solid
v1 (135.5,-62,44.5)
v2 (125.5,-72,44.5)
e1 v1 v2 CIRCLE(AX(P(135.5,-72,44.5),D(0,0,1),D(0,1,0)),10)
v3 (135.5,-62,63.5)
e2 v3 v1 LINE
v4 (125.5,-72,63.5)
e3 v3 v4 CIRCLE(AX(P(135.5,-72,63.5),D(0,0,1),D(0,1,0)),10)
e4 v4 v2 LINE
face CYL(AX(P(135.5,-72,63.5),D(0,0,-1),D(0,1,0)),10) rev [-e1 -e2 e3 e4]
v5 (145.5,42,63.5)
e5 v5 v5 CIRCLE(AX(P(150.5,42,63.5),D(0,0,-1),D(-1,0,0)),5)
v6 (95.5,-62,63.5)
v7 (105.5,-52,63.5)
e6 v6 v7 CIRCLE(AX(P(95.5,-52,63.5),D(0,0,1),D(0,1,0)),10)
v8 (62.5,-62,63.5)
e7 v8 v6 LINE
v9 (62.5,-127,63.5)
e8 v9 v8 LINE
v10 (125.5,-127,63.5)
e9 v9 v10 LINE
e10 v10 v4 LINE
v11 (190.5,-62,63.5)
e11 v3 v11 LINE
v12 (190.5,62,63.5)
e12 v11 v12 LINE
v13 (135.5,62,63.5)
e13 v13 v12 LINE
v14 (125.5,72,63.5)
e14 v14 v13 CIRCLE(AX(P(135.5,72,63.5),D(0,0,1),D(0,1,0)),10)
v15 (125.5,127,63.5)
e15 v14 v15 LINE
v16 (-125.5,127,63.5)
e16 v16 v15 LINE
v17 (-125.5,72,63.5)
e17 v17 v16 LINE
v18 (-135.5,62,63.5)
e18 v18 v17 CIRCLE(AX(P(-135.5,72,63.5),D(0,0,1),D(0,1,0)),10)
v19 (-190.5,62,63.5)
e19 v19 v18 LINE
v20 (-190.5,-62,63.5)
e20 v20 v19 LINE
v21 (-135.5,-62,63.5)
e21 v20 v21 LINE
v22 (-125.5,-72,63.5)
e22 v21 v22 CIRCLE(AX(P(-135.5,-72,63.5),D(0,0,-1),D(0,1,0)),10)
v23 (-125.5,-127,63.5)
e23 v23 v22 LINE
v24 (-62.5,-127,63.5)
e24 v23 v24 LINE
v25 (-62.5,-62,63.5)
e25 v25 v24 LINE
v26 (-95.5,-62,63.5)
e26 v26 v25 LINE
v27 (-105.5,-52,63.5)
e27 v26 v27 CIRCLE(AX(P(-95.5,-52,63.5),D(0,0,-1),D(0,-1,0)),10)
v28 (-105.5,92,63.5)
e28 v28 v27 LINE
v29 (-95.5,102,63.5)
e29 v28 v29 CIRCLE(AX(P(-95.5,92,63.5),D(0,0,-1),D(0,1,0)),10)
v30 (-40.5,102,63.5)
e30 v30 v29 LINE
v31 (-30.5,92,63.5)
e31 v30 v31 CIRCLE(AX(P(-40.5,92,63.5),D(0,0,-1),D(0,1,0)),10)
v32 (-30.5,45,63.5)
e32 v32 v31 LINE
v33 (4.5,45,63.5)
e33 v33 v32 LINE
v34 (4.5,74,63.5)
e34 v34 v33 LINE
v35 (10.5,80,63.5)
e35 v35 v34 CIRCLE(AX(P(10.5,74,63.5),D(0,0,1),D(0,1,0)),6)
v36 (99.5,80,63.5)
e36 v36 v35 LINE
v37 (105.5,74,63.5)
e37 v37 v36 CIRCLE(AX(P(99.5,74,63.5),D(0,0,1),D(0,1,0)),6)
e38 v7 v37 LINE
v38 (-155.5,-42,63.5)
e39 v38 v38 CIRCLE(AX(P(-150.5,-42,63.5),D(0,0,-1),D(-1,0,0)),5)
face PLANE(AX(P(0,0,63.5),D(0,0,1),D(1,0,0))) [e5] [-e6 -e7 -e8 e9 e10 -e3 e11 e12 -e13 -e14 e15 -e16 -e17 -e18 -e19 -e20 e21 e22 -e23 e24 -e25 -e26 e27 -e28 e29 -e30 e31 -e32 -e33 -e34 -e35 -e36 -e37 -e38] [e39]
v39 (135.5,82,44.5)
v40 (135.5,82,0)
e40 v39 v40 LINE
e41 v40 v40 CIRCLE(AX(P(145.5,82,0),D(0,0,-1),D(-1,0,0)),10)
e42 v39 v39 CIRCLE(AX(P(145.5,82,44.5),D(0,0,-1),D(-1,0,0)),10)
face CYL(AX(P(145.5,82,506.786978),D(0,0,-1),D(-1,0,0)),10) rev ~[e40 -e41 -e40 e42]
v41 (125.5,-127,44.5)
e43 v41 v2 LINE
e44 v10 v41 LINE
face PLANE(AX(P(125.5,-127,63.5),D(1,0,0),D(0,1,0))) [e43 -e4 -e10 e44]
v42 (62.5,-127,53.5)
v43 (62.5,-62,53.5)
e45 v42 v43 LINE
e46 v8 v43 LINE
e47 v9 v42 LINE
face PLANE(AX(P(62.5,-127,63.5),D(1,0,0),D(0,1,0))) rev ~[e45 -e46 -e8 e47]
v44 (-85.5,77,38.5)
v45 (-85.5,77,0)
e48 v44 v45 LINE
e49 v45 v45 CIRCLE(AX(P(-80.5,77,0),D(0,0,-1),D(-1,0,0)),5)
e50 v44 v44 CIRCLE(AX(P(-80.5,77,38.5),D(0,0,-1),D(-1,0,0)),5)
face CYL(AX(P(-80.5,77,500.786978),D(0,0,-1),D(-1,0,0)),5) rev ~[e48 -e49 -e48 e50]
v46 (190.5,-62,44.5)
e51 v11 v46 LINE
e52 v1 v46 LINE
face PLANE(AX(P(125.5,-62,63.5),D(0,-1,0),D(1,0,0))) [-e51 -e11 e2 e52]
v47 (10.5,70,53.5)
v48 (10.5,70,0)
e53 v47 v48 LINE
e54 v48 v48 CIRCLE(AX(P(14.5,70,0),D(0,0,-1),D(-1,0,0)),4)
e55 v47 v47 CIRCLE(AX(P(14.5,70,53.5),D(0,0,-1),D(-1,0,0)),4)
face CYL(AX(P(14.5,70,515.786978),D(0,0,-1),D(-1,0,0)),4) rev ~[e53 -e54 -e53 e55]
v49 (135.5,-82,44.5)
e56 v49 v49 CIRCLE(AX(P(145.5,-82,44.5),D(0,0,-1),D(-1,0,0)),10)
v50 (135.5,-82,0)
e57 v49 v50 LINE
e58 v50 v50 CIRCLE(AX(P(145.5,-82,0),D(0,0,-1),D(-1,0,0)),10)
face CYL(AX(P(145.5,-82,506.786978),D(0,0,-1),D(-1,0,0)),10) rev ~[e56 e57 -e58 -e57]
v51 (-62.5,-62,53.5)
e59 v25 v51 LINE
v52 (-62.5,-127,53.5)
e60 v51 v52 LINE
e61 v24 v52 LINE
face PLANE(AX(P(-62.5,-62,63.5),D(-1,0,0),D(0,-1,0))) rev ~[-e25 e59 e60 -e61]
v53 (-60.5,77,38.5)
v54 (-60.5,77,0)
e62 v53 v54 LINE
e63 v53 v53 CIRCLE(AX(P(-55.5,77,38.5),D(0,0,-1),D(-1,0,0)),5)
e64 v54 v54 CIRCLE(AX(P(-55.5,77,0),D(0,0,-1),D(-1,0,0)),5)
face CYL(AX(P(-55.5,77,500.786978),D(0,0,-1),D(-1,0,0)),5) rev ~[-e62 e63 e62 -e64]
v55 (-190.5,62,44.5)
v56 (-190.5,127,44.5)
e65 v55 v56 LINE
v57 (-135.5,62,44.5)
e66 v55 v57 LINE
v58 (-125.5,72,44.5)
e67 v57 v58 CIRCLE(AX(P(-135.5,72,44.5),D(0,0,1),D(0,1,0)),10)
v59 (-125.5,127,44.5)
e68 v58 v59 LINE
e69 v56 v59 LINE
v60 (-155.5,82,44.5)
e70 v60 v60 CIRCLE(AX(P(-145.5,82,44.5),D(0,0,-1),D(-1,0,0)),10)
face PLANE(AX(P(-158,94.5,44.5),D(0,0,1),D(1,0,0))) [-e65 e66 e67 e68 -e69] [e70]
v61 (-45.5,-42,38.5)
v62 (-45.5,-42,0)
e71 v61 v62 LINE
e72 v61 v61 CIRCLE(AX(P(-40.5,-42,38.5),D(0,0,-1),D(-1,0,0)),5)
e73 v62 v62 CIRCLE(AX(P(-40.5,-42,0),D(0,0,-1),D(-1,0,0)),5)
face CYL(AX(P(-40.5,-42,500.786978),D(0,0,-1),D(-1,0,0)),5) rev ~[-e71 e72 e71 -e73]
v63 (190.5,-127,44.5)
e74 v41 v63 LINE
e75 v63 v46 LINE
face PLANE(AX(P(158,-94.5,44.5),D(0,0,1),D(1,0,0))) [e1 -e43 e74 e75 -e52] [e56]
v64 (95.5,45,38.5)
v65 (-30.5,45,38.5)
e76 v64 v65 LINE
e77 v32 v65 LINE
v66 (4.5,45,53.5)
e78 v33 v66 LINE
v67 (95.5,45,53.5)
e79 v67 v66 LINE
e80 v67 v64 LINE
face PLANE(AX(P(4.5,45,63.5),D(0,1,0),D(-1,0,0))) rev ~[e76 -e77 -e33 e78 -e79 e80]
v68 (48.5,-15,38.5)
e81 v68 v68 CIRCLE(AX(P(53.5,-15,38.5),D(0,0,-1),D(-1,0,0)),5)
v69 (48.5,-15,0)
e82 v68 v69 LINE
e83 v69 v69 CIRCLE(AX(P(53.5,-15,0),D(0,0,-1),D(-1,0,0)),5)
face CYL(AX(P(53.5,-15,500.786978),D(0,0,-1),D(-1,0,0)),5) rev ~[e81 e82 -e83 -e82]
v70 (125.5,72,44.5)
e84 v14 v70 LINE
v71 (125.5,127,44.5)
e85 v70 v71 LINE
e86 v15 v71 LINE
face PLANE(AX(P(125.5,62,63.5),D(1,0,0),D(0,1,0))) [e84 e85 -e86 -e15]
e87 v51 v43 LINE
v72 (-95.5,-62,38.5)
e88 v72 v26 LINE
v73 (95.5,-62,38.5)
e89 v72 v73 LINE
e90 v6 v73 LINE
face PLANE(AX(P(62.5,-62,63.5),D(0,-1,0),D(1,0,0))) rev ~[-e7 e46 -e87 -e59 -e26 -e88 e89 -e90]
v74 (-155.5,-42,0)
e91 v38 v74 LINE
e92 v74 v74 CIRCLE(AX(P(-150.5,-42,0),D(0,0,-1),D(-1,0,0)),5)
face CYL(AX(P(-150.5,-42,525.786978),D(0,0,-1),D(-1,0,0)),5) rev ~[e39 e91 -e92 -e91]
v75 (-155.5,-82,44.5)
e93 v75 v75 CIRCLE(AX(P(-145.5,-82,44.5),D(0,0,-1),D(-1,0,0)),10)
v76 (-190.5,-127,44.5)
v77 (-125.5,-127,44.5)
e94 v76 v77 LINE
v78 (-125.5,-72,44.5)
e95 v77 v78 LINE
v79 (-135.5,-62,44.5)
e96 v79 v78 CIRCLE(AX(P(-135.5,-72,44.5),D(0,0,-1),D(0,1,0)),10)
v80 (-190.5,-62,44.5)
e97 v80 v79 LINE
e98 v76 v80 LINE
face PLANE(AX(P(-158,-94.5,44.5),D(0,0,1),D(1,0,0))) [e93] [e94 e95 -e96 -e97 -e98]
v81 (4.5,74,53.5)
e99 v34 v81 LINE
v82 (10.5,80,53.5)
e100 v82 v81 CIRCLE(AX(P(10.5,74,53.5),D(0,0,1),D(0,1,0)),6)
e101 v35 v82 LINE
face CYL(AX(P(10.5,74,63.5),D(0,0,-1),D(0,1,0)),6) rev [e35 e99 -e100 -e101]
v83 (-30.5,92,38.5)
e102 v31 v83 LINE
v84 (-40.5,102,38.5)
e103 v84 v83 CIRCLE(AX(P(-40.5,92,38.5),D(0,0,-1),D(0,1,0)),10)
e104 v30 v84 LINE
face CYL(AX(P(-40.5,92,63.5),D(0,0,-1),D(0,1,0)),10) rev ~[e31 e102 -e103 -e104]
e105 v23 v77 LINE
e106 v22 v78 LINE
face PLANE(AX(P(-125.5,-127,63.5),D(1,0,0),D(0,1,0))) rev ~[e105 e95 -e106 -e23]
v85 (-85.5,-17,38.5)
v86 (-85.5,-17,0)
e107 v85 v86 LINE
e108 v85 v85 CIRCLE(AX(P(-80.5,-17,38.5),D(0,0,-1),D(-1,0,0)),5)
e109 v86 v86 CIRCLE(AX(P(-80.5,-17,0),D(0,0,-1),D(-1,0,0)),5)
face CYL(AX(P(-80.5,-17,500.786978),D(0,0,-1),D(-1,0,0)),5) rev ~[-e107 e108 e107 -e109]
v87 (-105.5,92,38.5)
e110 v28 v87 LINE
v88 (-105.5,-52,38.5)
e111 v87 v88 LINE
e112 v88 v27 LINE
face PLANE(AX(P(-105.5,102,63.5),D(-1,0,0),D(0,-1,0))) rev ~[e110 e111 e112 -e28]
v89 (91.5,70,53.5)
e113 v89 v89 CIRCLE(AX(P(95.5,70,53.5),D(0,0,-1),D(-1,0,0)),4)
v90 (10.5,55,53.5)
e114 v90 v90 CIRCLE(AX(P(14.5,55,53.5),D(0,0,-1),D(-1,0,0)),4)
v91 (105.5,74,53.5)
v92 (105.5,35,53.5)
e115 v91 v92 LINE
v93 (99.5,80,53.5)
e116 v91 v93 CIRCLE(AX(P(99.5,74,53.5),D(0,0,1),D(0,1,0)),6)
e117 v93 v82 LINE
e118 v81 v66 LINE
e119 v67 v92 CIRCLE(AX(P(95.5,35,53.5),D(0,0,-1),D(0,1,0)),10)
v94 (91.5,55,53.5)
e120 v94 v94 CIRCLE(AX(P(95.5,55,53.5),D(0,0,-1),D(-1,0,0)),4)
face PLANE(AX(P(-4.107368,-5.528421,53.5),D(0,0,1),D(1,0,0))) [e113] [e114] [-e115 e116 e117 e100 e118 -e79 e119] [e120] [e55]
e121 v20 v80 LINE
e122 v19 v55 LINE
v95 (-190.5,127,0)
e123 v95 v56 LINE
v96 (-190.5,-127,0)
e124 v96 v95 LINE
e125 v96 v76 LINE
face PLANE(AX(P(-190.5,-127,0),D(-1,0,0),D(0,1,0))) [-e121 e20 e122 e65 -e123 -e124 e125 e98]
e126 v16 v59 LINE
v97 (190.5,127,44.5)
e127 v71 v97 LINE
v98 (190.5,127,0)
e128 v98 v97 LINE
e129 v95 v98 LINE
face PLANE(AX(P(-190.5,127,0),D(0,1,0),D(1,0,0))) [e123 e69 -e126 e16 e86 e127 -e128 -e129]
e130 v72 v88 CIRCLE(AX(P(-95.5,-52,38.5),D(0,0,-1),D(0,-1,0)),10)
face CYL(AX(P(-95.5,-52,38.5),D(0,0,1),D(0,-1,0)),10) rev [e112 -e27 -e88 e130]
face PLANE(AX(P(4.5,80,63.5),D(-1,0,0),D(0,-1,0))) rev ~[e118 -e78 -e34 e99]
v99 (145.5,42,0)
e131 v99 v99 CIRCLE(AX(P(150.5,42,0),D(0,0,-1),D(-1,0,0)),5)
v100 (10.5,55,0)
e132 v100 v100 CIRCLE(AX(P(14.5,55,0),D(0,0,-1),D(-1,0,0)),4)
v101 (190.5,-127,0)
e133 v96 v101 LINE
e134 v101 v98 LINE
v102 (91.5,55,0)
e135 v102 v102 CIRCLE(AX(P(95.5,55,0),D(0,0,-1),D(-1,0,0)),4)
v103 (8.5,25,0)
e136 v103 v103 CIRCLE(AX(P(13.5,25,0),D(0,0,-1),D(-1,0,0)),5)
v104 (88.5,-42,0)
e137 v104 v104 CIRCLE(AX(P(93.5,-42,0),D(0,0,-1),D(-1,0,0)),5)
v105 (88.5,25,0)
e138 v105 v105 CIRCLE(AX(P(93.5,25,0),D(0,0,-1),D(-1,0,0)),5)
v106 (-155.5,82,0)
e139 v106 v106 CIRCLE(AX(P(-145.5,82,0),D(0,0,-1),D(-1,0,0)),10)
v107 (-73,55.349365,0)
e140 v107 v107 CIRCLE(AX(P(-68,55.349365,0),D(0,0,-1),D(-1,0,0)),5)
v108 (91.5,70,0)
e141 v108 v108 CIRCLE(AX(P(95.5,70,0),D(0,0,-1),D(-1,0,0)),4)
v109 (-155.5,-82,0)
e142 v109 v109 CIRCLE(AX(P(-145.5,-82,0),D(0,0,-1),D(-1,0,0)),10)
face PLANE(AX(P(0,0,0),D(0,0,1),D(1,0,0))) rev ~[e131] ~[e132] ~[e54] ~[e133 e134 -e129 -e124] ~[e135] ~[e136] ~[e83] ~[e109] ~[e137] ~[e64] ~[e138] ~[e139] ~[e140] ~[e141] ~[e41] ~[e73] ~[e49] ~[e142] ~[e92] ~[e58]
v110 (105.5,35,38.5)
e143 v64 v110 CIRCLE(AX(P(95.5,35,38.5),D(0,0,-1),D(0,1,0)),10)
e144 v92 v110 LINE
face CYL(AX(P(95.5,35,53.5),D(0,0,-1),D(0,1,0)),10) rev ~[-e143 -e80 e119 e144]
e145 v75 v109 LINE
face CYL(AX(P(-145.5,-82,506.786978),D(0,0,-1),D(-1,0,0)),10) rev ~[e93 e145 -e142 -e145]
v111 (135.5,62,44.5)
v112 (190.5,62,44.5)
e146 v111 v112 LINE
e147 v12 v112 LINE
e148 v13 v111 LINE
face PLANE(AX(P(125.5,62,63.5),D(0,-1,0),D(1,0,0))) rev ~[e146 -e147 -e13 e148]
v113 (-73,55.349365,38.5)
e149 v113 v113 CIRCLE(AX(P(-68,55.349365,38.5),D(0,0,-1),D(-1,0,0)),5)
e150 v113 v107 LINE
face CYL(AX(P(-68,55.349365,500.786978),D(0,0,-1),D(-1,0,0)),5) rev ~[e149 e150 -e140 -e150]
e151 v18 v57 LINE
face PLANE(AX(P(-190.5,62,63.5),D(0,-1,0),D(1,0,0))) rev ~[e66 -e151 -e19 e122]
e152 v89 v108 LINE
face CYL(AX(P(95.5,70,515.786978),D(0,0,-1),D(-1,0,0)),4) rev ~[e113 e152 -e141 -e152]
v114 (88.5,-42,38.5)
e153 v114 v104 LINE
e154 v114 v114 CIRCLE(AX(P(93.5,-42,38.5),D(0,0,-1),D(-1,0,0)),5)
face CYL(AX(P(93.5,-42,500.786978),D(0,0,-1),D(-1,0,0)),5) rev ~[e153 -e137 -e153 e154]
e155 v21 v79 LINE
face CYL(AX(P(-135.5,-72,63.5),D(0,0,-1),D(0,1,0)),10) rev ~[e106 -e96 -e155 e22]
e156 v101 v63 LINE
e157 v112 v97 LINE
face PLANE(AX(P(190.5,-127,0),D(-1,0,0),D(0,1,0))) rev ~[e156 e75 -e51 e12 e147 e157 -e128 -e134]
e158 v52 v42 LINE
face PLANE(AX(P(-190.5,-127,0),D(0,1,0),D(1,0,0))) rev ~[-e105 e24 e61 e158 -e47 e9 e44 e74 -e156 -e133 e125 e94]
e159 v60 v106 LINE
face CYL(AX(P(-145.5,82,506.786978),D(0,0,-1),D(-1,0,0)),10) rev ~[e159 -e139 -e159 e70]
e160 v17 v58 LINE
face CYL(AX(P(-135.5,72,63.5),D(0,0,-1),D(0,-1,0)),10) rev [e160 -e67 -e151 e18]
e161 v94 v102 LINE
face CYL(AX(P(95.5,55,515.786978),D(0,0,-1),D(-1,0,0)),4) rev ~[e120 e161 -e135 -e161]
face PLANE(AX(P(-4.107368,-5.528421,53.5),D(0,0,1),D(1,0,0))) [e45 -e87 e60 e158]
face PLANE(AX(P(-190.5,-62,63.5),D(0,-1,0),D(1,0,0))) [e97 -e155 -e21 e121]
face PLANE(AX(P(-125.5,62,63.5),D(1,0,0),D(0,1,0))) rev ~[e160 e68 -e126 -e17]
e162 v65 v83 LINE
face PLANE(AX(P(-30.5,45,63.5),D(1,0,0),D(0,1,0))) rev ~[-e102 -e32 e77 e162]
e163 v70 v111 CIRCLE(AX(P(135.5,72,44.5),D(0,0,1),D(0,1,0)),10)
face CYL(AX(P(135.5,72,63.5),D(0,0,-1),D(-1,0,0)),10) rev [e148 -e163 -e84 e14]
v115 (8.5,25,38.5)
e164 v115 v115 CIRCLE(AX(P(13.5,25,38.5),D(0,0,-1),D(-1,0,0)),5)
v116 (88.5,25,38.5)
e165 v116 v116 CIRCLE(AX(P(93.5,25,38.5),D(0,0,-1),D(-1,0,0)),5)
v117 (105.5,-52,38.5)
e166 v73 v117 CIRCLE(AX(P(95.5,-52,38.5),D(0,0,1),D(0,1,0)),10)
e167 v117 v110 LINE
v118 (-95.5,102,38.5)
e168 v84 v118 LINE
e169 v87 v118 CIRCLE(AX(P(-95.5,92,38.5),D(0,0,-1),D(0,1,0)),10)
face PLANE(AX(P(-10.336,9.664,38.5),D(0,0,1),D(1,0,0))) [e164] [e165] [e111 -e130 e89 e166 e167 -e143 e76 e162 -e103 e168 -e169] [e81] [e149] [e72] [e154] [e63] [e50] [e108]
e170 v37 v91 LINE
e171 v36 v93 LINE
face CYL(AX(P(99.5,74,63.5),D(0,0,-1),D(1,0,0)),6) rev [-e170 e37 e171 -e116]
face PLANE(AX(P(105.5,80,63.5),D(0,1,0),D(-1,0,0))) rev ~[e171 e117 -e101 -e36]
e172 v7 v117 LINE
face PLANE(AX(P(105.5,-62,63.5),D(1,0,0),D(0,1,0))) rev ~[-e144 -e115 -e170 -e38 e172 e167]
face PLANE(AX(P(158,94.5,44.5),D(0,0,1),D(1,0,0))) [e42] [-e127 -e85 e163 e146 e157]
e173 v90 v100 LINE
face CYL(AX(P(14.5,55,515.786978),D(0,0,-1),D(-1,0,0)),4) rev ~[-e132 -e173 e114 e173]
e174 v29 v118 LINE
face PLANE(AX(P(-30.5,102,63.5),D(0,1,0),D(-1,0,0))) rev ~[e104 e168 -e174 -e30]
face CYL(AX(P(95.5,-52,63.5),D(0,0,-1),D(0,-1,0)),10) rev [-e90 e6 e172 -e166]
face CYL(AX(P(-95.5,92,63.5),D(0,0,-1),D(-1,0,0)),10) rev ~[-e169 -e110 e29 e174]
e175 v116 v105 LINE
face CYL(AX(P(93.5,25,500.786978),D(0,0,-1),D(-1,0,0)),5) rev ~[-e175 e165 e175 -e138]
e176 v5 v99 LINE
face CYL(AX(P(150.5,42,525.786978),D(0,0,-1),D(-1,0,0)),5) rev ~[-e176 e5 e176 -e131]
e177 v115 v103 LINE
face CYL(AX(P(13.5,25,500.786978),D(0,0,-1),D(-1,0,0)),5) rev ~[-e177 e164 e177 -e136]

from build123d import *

# Parameters (mm, degrees)
CROQUIS1_W                      = 381
CROQUIS1_H                      = 254
SALIENTE_EXTRUIR1_DEPTH         = 63.5
CROQUIS2_W                      = 65
CROQUIS2_H                      = 65
CORTAR_EXTRUIR1_DEPTH           = 19
CORTAR_EXTRUIR2_DEPTH           = 10
CORTAR_EXTRUIR3_DEPTH           = 15
DI_METRO_DE_TALADRO_20_0_20_1_D = 20
DI_METRO_DE_TALADRO_10_0_10_1_D = 10
DI_METRO_DE_TALADRO_10_0_10_2_D = 10
DI_METRO_DE_TALADRO_8_0_8_1_D   = 8
REDONDEO1_R                     = 10
REDONDEO2_R                     = 6


with BuildPart() as part:
    # Croquis1 → Saliente-Extruir1 (new body)
    with BuildSketch(Plane.XY):
        Rectangle(CROQUIS1_W, CROQUIS1_H)
    extrude(amount=SALIENTE_EXTRUIR1_DEPTH)

    # Croquis2 → Cortar-Extruir1 (cut)
    with BuildSketch(Plane.XY.offset(63.5)):
        with Locations((-158, 94.5)):
            Rectangle(CROQUIS2_W, CROQUIS2_H)
        with Locations((-158, -94.5)):
            Rectangle(CROQUIS2_W, CROQUIS2_H)
        with Locations((158, -94.5)):
            Rectangle(CROQUIS2_W, CROQUIS2_H)
        with Locations((158, 94.5)):
            Rectangle(CROQUIS2_W, CROQUIS2_H)
    extrude(amount=-CORTAR_EXTRUIR1_DEPTH, mode=Mode.SUBTRACT)

    # Croquis3 → Cortar-Extruir2 (cut)
    with BuildSketch(Plane.XY.offset(63.5)):
        Polygon((62.5, -127), (62.5, -62), (105.5, -62), (105.5, 80), (4.5, 80), (4.5, 45), (-30.5, 45), (-30.5, 102), (-105.5, 102), (-105.5, -62), (-62.5, -62), (-62.5, -127), align=None)
    extrude(amount=-CORTAR_EXTRUIR2_DEPTH, mode=Mode.SUBTRACT)

    # Croquis4 → Cortar-Extruir3 (cut)
    with BuildSketch(Plane.XY.offset(53.5)):
        Polygon((105.5, -62), (105.5, 45), (-30.5, 45), (-30.5, 102), (-105.5, 102), (-105.5, -62), align=None)
    extrude(amount=-CORTAR_EXTRUIR3_DEPTH, mode=Mode.SUBTRACT)

    # Diámetro de taladro Ø20.0 (20)1 (through all)
    with Locations(Plane.XY.offset(44.5)):
        with Locations((-145.5, 82), (-145.5, -82), (145.5, -82), (145.5, 82)):
            Hole(DI_METRO_DE_TALADRO_20_0_20_1_D / 2)

    # Diámetro de taladro Ø10.0 (10)1 (through all)
    with Locations(Plane.XY.offset(38.5)):
        with Locations((-80.5, 77), (-55.5, 77), (-68, 55.349364905), (-80.5, -17), (-40.5, -42), (13.5, 25), (53.5, -15), (93.5, 25), (93.5, -42)):
            Hole(DI_METRO_DE_TALADRO_10_0_10_1_D / 2)

    # Diámetro de taladro Ø10.0 (10)2 (through all)
    with Locations(Plane.XY.offset(63.5)):
        with Locations((-150.5, -42), (150.5, 42)):
            Hole(DI_METRO_DE_TALADRO_10_0_10_2_D / 2)

    # Diámetro de taladro Ø8.0 (8)1 (through all)
    with Locations(Plane.XY.offset(53.5)):
        with Locations((14.5, 70), (95.5, 70), (95.5, 55), (14.5, 55)):
            Hole(DI_METRO_DE_TALADRO_8_0_8_1_D / 2)

    # Redondeo1
    redondeo1_edges = [part.edges().sort_by_distance(p)[0] for p in [
        (105.5, 45, 46),
        (125.5, 62, 54),
        (125.5, -62, 54),
        (-125.5, -62, 54),
        (-125.5, 62, 54),
        (-105.5, -62, 51),
        (-105.5, 102, 51),
        (-30.5, 102, 51),
        (105.5, -62, 51),
    ]]
    fillet(redondeo1_edges, radius=REDONDEO1_R)

    # Redondeo2
    redondeo2_edges = [part.edges().sort_by_distance(p)[0] for p in [
        (4.5, 80, 58.5),
        (105.5, 80, 58.5),
    ]]
    fillet(redondeo2_edges, radius=REDONDEO2_R)


solid = part.part
